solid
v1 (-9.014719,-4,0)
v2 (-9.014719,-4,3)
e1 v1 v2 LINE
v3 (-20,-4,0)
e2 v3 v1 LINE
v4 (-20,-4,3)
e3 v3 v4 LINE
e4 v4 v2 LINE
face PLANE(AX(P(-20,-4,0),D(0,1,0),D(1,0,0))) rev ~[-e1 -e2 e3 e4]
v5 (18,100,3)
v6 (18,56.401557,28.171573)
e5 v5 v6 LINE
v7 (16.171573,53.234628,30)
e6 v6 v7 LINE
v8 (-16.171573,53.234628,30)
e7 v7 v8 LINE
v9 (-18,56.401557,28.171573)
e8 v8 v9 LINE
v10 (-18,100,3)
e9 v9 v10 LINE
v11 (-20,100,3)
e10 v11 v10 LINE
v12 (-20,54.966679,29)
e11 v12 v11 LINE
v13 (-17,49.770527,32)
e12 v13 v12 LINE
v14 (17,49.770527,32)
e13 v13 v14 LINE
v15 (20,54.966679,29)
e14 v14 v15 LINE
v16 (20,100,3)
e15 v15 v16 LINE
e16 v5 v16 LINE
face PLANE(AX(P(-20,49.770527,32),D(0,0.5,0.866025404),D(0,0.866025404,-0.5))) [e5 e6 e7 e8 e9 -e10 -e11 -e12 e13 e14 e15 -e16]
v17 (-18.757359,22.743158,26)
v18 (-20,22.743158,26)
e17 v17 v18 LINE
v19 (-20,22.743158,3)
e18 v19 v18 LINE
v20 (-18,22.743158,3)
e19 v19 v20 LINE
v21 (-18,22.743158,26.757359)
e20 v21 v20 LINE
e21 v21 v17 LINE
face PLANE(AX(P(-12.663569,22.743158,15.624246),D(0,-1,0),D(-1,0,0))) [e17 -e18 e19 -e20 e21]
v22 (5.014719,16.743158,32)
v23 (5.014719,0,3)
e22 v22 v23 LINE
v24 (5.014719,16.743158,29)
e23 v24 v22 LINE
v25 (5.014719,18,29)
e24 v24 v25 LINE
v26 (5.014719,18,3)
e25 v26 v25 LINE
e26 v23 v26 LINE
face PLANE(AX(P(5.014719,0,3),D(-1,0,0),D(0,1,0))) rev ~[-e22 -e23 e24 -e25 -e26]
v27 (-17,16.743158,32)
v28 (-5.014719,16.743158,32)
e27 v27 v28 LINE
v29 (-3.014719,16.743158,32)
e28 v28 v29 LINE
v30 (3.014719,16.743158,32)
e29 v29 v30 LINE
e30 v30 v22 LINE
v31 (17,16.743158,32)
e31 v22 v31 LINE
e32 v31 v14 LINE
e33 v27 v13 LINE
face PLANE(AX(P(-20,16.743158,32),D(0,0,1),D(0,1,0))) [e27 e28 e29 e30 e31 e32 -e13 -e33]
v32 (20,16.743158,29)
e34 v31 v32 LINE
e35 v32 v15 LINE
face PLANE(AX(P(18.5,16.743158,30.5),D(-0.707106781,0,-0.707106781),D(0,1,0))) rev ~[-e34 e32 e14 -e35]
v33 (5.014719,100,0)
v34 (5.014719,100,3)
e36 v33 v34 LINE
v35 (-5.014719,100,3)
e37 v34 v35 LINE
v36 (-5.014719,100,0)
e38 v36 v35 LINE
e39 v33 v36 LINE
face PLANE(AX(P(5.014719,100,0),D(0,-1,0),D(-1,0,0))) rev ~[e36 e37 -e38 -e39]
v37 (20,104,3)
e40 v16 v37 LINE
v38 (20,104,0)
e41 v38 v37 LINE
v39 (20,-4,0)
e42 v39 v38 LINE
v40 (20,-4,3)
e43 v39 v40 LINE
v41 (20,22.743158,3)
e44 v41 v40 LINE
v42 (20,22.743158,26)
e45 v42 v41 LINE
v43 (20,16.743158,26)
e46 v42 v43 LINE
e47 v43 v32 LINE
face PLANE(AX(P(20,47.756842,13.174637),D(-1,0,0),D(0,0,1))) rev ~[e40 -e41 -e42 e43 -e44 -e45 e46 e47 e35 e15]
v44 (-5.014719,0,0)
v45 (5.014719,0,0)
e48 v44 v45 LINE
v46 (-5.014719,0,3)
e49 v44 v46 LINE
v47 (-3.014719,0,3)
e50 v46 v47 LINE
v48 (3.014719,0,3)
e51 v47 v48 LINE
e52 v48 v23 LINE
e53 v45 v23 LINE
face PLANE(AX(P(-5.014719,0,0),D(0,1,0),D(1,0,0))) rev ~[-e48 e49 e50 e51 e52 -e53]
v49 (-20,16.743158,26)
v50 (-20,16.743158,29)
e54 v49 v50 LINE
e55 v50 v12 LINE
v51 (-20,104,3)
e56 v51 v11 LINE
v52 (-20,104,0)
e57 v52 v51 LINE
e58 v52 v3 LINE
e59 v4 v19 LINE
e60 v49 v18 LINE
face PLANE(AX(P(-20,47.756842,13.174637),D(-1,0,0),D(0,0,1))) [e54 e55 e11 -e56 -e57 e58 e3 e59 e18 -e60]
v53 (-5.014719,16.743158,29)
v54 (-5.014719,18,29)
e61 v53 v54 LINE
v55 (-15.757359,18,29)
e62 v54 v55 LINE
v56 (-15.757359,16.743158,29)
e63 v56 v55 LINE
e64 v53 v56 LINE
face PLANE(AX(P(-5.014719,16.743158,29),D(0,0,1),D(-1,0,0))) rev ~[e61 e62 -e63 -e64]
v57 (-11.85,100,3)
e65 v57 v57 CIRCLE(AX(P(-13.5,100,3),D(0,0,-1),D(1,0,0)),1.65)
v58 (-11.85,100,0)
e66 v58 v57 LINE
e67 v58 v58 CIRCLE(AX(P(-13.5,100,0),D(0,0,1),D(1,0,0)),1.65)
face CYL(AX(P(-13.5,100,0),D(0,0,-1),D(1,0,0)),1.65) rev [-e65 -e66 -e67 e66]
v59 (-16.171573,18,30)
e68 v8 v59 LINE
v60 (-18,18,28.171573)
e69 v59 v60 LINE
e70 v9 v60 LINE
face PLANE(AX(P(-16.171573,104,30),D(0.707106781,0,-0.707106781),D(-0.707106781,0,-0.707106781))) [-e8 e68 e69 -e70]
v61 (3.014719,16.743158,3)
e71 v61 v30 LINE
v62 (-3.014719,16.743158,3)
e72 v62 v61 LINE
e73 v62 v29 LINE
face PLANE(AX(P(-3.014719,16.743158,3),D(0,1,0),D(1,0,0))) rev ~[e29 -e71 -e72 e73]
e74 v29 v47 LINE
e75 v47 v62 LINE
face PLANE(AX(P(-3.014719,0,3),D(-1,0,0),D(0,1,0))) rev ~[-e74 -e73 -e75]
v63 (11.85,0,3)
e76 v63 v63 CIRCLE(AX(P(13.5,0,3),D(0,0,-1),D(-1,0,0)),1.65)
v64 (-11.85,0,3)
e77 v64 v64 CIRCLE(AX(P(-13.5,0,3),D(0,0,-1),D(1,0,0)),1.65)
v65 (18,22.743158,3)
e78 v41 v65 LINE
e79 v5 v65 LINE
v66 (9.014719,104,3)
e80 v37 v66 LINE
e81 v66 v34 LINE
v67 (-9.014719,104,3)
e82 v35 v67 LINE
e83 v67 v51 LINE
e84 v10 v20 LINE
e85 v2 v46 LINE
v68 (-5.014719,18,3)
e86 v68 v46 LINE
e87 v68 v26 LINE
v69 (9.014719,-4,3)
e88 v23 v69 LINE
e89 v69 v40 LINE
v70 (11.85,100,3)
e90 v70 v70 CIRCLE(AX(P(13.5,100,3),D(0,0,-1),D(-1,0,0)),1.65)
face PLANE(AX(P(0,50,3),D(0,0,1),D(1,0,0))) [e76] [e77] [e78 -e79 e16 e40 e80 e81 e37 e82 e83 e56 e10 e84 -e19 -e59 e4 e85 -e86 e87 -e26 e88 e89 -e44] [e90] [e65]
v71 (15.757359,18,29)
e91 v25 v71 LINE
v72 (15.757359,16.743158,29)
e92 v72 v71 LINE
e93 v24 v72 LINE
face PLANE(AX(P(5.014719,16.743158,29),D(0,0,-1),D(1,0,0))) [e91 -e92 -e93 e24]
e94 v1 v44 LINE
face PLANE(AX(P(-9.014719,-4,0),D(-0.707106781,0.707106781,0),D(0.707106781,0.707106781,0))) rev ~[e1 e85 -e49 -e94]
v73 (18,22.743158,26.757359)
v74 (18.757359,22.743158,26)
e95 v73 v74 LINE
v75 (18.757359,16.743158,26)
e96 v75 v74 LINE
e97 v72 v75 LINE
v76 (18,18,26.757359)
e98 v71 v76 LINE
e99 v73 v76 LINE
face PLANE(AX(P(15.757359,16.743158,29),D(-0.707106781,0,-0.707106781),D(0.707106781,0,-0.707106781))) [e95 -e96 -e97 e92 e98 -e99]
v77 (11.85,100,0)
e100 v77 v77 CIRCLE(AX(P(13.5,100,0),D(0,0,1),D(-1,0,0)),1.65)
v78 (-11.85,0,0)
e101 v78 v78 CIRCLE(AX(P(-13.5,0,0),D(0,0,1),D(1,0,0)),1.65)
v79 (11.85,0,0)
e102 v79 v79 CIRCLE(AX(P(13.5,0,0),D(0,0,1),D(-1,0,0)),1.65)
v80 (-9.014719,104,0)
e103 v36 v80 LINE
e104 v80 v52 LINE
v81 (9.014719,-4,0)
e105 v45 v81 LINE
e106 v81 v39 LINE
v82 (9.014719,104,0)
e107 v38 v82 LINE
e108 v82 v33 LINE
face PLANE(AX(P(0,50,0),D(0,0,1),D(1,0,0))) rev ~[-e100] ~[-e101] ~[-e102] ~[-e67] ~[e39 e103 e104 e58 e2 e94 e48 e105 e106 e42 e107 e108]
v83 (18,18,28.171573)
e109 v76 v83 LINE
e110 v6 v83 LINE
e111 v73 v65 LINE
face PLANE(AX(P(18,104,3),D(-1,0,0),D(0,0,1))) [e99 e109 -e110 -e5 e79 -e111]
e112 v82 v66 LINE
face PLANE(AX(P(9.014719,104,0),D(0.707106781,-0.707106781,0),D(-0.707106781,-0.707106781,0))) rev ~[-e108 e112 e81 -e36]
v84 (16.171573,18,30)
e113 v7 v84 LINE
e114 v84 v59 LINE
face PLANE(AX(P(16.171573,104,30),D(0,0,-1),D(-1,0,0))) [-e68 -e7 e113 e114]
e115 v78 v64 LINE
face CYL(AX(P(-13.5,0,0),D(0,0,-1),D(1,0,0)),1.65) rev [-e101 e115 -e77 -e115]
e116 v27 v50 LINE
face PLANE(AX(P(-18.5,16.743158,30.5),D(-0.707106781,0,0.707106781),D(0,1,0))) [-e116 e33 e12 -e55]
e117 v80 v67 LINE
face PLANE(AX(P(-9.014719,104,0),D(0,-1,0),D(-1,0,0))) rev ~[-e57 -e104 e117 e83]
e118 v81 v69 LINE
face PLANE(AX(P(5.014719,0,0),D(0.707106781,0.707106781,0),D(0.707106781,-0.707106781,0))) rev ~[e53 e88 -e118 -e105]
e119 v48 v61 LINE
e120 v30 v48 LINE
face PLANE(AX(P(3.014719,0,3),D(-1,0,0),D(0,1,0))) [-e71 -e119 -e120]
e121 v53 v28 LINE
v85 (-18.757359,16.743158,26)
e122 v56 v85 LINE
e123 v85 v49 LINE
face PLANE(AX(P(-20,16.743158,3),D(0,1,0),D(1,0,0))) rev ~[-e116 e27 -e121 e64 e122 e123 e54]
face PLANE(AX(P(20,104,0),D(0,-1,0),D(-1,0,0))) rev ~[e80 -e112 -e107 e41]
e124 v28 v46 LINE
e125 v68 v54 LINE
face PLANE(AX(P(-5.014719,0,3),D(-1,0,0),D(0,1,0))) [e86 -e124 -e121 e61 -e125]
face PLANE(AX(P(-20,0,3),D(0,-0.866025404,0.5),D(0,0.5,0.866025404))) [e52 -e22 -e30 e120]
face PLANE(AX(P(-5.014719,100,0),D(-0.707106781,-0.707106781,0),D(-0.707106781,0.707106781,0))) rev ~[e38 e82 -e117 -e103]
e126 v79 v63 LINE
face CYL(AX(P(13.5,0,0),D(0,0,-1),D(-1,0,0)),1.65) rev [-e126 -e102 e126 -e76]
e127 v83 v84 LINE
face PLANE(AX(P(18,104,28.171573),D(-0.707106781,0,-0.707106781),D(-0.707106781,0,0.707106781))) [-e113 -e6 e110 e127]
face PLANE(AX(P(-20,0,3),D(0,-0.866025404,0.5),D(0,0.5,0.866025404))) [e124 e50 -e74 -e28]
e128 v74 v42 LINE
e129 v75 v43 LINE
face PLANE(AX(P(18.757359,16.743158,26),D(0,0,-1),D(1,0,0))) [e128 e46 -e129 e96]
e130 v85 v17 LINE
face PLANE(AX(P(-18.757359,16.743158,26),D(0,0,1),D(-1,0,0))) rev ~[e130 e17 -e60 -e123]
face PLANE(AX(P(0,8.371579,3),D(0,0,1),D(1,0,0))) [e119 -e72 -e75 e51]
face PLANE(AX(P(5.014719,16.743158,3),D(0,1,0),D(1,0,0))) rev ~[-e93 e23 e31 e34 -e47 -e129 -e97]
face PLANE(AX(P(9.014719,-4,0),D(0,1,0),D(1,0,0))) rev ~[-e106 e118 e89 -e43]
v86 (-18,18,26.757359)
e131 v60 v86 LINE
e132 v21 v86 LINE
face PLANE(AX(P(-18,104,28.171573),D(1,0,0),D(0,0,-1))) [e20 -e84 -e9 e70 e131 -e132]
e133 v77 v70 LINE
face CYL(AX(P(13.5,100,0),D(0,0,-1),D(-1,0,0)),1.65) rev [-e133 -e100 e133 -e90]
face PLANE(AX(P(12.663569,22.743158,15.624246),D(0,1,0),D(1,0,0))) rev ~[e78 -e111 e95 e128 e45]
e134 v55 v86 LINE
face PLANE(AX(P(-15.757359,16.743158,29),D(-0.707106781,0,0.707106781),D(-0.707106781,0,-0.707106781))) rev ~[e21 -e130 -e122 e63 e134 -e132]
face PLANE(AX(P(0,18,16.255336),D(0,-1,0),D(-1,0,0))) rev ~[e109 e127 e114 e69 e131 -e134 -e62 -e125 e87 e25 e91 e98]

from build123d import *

# Parameters (mm, degrees)
SKETCH1_R           = 1.65
BOSS_EXTRUDE1_DEPTH = 3
BOSS_EXTRUDE2_DEPTH = 40
CHAMFER1_SIZE       = 3
CUT_EXTRUDE3_START  = -29
SKETCH4_W           = 14.985281374
SKETCH4_H           = 16.743157806
SKETCH4_W_2         = 6.029437252
CUT_EXTRUDE3_DEPTH  = 29
CUT_EXTRUDE4_DEPTH  = 86
CUT_EXTRUDE5_DEPTH  = 6


with BuildPart() as part:
    # Sketch1 → Boss-Extrude1 (new body)
    with BuildSketch(Plane.XY):
        Polygon((-20, 104), (-20, -4), (-9.014718626, -4), (-5.014718626, 0), (5.014718626, 0), (9.014718626, -4), (20, -4), (20, 104), (9.014718626, 104), (5.014718626, 100), (-5.014718626, 100), (-9.014718626, 104), align=None)
        with Locations((-13.5, 100)):
            Circle(SKETCH1_R, mode=Mode.SUBTRACT)
        with Locations((-13.5, 0)):
            Circle(SKETCH1_R, mode=Mode.SUBTRACT)
        with Locations(Location((13.5, 0, 0), (0, 0, 180))):
            Circle(SKETCH1_R, mode=Mode.SUBTRACT)
        with Locations(Location((13.5, 100, 0), (0, 0, 180))):
            Circle(SKETCH1_R, mode=Mode.SUBTRACT)
    extrude(amount=BOSS_EXTRUDE1_DEPTH)

    # Sketch2 → Boss-Extrude2 (add, through all)
    with BuildSketch(Plane.ZY.offset(20)):
        Polygon((3, 0), (32, 16.743157806), (32, 49.770526581), (3, 100), align=None)
    extrude(amount=-BOSS_EXTRUDE2_DEPTH)

    # Chamfer1
    chamfer1_edges = [part.edges().sort_by_distance(p)[0] for p in [
        (20, 33.256842194, 32),
        (-20, 33.256842194, 32),
    ]]
    chamfer(chamfer1_edges, length=CHAMFER1_SIZE)

    # Sketch4 → Cut-Extrude3 (cut)
    with BuildSketch(Plane.XY.offset(32).offset(CUT_EXTRUDE3_START)):
        with Locations((-12.507359313, 8.371578903)):
            Rectangle(SKETCH4_W, SKETCH4_H)
        with Locations((12.507359313, 8.371578903)):
            Rectangle(SKETCH4_W, SKETCH4_H)
        with Locations((0, 8.371578903)):
            Rectangle(SKETCH4_W_2, SKETCH4_H)
    extrude(amount=CUT_EXTRUDE3_DEPTH, mode=Mode.SUBTRACT)

    # Sketch5 → Cut-Extrude4 (cut)
    with BuildSketch(Plane(origin=(0, 104, 0), x_dir=(1, 0, 0), z_dir=(0, 1, 0))):
        Polygon((18, -3), (18, -28.171572875), (16.171572875, -30), (-16.171572875, -30), (-18, -28.171572875), (-18, -3), align=None)
    extrude(amount=-CUT_EXTRUDE4_DEPTH, mode=Mode.SUBTRACT)

    # Sketch6 → Cut-Extrude5 (cut)
    with BuildSketch(Plane(origin=(0, 16.743157806, 0), x_dir=(-1, 0, 0), z_dir=(0, -1, 0))):
        Polygon((5.014718626, -29), (15.757359313, -29), (18.757359313, -26), (20.757359313, -26), (20.757359313, -3), (5.014718626, -3), align=None)
        Polygon((-5.014718626, -3), (-5.014718626, -29), (-15.757359313, -29), (-18.757359313, -26), (-20.757359313, -26), (-20.757359313, -3), align=None)
    extrude(amount=-CUT_EXTRUDE5_DEPTH, mode=Mode.SUBTRACT)


solid = part.part
